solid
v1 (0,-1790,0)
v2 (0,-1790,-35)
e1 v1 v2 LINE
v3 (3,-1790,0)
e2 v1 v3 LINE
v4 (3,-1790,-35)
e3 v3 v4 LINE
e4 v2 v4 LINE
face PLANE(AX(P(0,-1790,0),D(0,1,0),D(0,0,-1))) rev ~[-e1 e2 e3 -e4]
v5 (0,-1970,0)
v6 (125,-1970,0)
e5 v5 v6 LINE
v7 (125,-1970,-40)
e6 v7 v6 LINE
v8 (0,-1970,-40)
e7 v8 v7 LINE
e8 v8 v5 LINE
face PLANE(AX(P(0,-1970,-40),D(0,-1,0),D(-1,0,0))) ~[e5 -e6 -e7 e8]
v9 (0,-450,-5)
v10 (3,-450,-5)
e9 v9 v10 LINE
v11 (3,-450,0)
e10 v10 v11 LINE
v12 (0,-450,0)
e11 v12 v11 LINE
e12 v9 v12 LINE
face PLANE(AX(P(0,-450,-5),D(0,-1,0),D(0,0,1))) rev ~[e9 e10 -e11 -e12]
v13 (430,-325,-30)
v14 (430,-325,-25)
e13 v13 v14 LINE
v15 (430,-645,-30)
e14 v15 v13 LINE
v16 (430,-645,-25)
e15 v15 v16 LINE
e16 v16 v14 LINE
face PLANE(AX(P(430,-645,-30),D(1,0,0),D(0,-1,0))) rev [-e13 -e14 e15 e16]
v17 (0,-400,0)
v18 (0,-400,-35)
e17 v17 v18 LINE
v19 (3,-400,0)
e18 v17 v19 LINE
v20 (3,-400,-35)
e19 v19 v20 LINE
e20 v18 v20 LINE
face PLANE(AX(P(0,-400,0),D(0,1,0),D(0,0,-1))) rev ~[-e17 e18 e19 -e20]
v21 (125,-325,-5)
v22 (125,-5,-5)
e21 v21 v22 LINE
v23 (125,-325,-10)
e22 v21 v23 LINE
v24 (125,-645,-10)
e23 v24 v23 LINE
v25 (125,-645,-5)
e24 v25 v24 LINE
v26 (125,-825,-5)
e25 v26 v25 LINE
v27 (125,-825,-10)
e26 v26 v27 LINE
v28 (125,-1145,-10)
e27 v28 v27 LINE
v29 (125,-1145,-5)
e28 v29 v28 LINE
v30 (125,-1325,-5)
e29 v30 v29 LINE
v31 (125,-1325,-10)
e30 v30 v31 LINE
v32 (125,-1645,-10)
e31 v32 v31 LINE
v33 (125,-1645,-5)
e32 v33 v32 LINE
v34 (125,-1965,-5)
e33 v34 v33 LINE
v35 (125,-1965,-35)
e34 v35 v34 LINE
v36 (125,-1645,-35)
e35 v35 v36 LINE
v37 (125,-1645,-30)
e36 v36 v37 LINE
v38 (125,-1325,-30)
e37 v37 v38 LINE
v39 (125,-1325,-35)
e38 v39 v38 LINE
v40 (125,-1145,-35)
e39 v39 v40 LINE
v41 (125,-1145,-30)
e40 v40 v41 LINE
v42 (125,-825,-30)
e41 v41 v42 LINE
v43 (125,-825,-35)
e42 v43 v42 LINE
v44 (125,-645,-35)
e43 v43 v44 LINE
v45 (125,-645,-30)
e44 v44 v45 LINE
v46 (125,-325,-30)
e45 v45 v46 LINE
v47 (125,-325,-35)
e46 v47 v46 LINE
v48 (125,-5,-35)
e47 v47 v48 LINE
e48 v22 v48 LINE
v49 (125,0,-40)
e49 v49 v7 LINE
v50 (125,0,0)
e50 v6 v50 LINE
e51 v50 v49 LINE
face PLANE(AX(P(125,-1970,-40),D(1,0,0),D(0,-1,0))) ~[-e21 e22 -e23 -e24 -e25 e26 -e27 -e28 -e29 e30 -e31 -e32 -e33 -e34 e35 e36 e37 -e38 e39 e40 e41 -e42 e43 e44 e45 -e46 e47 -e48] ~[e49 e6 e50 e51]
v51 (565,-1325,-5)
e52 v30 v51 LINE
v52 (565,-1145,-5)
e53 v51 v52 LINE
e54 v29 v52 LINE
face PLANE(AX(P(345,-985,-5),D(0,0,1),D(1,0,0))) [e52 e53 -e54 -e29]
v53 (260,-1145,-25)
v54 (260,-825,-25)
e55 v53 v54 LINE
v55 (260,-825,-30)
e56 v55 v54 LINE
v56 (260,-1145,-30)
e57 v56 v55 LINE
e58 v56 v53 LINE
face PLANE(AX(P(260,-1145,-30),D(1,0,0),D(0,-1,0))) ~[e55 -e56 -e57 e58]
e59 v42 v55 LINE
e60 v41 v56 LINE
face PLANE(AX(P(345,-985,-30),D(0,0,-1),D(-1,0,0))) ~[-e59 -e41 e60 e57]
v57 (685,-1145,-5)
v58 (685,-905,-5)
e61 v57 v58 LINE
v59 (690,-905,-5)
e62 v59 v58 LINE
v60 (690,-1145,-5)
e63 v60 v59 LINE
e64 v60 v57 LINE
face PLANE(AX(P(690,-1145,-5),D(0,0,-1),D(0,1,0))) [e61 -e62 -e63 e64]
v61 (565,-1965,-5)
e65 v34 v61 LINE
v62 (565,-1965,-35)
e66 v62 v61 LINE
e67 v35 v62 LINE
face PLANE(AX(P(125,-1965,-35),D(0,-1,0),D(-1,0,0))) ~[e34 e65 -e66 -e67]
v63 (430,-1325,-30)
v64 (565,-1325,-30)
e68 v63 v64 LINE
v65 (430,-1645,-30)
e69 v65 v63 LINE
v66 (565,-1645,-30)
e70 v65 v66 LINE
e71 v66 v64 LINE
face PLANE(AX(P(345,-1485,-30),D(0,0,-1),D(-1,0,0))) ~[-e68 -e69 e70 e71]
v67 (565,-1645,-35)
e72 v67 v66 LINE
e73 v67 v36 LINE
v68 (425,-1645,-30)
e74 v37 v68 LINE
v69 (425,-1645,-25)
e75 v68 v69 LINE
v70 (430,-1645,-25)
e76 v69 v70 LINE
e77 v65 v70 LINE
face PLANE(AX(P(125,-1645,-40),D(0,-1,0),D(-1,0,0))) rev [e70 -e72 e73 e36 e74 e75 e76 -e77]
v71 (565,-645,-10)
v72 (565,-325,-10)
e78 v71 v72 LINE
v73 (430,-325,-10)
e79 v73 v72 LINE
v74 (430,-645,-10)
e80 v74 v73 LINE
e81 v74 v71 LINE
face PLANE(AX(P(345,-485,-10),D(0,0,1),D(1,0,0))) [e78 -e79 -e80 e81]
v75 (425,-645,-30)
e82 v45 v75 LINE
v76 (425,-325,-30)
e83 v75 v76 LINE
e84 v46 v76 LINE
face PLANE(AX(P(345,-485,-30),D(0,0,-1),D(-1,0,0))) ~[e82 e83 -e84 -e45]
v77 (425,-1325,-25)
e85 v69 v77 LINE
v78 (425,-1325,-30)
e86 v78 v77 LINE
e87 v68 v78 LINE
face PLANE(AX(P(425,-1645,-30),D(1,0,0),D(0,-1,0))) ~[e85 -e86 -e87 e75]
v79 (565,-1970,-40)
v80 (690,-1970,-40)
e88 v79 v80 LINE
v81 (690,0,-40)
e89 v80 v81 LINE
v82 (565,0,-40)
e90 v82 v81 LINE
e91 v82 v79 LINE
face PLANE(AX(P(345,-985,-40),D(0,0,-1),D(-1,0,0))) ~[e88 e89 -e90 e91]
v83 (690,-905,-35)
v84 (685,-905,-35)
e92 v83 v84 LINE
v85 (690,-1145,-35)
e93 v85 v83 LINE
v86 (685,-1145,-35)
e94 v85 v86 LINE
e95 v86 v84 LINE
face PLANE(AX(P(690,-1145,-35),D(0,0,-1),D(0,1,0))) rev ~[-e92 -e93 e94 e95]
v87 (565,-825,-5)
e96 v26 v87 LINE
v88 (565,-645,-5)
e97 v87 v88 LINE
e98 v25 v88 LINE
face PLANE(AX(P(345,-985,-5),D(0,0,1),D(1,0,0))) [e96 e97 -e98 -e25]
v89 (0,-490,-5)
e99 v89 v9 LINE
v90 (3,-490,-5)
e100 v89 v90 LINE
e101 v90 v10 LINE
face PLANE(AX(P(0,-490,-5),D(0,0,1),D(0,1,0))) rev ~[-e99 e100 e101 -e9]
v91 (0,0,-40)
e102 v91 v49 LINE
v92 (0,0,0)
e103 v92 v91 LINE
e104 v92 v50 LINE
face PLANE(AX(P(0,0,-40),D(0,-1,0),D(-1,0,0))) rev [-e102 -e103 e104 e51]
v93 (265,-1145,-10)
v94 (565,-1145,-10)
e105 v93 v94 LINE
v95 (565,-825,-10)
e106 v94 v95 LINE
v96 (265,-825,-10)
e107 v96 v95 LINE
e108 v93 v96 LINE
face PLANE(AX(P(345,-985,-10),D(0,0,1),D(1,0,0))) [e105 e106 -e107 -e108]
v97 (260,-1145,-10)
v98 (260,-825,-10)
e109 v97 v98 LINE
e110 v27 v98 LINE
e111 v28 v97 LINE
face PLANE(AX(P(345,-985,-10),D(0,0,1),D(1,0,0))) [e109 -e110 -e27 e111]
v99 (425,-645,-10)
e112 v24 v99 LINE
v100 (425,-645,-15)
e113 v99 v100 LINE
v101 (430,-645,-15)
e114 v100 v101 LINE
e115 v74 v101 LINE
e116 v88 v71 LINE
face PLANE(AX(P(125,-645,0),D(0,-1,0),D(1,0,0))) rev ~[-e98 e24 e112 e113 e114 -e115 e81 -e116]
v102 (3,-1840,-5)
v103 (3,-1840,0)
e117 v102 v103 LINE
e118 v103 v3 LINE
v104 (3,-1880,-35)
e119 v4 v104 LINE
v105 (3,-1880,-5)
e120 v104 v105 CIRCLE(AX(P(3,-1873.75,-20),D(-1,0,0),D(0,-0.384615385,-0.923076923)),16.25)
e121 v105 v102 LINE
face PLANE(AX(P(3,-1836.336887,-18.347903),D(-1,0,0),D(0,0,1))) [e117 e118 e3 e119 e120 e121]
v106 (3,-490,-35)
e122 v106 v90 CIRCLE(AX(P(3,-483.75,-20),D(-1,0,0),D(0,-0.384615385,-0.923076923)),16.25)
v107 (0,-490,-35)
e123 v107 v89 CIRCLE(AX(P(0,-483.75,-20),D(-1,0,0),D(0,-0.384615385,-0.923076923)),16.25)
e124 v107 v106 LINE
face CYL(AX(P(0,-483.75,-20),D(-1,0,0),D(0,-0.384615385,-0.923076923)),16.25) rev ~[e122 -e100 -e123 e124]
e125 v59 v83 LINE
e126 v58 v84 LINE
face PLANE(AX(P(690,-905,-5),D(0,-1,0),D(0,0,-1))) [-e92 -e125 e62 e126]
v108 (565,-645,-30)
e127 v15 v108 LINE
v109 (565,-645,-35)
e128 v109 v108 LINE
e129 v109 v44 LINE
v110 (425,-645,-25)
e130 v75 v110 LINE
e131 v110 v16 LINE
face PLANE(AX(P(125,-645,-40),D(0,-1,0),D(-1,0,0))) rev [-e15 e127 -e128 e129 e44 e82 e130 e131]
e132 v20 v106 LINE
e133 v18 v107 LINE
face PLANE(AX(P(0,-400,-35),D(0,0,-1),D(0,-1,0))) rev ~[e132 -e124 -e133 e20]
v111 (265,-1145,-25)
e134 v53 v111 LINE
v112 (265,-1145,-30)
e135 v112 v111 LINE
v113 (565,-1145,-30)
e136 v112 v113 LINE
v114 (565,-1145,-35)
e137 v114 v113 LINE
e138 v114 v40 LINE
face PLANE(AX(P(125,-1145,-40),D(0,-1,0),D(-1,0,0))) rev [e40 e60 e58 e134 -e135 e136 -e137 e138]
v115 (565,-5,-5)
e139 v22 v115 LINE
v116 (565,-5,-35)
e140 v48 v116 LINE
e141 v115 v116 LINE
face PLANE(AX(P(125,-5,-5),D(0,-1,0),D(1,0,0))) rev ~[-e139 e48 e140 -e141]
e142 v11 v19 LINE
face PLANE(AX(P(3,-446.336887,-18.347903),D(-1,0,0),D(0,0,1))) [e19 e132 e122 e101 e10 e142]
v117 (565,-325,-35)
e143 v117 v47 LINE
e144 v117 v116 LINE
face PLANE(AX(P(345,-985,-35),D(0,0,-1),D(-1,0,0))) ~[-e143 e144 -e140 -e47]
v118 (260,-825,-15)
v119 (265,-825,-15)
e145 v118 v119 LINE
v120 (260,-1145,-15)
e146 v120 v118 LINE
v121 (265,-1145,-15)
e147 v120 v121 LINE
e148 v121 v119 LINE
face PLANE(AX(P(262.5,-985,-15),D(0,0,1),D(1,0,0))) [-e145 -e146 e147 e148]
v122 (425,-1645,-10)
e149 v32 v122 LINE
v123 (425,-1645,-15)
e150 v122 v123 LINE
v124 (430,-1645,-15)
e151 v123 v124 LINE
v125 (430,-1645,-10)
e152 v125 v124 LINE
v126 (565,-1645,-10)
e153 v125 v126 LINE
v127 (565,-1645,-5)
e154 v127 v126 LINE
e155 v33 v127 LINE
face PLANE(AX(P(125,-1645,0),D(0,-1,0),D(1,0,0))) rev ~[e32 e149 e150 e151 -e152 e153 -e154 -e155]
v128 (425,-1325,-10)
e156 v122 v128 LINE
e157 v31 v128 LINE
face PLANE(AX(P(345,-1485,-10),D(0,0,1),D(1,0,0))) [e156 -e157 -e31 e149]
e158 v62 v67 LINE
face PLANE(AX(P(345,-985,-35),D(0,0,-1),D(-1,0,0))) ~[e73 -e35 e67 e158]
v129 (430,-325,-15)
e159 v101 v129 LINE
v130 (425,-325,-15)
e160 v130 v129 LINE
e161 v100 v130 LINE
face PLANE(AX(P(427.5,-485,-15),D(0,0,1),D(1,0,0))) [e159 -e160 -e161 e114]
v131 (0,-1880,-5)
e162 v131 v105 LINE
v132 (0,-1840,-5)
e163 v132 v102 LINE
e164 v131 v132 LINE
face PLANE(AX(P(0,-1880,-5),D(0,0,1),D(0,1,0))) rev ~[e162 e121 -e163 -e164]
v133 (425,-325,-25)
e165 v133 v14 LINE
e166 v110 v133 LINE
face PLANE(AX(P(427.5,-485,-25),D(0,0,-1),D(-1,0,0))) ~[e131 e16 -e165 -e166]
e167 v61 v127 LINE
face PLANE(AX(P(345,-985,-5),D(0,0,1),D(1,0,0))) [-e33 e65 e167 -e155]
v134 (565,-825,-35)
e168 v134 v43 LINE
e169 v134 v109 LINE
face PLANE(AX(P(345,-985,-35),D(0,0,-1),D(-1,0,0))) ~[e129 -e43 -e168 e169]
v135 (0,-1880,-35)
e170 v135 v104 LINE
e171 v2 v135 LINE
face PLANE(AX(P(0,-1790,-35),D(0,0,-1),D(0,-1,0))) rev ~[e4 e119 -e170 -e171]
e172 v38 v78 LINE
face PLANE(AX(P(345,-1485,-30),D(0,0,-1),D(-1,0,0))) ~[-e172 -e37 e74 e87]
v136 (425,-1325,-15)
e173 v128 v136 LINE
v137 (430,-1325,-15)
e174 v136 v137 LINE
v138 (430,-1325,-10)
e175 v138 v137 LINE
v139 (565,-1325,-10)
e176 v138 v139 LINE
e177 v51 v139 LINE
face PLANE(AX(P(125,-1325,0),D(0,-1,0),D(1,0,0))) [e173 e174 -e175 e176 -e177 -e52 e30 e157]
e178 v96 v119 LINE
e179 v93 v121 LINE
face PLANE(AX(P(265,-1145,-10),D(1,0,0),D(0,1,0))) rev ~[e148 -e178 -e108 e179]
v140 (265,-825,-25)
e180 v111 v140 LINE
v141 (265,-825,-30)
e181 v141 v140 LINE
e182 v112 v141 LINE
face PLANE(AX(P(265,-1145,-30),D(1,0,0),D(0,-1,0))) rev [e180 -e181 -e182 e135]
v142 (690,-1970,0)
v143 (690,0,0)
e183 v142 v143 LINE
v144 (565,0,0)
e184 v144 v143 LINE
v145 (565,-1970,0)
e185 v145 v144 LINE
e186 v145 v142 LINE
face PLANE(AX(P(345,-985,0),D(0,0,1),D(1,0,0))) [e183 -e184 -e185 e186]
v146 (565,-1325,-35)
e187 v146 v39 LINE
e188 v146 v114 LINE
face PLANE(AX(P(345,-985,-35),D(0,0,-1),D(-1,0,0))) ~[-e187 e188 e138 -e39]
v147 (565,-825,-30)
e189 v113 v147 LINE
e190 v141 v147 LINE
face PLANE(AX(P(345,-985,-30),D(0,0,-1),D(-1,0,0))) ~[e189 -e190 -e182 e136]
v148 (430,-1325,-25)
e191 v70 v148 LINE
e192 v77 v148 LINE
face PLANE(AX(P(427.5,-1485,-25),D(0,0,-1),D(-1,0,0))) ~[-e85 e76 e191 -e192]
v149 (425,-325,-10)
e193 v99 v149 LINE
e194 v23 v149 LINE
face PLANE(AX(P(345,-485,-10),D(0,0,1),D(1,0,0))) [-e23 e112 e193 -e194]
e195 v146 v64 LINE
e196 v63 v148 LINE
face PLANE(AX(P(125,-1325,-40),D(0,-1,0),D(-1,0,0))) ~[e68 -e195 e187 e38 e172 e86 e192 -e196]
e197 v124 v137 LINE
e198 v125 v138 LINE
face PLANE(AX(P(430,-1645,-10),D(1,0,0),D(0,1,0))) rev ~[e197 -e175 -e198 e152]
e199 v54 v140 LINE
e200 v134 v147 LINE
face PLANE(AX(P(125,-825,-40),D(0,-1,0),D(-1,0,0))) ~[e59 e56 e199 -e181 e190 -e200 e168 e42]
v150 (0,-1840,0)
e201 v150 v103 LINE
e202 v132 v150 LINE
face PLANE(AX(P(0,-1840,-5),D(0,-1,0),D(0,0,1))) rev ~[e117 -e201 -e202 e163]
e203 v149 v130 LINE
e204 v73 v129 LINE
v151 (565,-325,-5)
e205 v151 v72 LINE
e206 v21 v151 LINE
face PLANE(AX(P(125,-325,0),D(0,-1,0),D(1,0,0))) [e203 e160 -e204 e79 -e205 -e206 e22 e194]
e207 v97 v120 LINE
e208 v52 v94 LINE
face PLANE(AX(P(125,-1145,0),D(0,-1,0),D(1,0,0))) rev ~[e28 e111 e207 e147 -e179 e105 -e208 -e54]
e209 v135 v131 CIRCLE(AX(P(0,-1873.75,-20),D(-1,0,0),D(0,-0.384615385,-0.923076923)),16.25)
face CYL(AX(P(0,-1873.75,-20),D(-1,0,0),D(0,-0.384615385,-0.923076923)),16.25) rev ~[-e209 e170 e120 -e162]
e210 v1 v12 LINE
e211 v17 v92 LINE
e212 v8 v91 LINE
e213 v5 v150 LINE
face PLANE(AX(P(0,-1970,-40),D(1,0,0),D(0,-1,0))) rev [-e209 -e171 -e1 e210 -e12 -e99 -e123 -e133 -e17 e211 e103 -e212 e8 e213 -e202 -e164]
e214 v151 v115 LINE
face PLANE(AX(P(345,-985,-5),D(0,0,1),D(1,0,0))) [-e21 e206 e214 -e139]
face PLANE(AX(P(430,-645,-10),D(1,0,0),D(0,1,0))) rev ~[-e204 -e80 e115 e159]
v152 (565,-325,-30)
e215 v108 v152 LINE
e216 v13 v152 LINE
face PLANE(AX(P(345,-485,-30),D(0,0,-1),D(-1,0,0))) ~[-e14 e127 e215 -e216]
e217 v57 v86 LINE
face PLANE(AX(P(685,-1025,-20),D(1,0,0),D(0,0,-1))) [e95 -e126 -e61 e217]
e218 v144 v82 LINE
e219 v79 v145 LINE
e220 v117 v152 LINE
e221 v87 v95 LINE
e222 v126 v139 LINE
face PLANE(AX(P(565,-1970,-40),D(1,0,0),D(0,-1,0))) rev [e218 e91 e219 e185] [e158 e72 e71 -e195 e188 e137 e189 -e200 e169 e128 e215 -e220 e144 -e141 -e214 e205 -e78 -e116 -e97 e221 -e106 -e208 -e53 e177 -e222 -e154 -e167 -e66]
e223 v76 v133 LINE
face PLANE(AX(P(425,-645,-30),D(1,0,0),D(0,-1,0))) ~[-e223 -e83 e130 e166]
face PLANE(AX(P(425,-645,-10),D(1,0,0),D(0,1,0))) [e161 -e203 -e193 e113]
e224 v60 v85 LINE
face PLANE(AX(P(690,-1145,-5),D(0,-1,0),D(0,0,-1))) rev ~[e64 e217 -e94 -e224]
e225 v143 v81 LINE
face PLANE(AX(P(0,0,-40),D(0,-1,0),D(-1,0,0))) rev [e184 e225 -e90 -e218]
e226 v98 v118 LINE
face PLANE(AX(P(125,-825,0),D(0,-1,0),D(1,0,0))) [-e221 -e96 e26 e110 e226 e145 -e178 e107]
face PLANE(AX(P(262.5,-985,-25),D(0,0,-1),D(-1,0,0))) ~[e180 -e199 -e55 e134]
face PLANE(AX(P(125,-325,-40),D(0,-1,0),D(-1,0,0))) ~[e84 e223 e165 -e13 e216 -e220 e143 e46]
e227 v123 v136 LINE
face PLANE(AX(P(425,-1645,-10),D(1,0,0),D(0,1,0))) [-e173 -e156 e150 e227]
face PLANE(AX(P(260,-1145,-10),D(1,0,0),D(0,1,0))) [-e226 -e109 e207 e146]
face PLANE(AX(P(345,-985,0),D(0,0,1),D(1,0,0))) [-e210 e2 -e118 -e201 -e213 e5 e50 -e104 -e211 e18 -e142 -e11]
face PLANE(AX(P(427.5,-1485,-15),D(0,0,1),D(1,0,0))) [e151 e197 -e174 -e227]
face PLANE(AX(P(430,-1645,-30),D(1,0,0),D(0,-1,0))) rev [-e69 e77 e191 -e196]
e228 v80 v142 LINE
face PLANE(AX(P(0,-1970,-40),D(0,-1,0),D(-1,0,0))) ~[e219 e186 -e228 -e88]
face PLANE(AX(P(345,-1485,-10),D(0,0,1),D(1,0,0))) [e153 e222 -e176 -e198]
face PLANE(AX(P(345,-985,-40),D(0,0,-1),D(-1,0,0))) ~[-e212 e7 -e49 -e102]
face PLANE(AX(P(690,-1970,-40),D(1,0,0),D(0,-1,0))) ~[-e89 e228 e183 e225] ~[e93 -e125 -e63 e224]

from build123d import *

# Parameters (mm, degrees)
SKETCH3_W           = 690
SKETCH3_H           = 1970
BOSS_EXTRUDE2_DEPTH = 20
SKETCH4_W           = 440
SKETCH4_H           = 1970
CUT_EXTRUDE1_DEPTH  = 5
SKETCH5_W           = 440
SKETCH5_H           = 5
CUT_EXTRUDE2_DEPTH  = 16
SKETCH6_W           = 440
SKETCH6_H           = 320
CUT_EXTRUDE8_DEPTH  = 10
SKETCH7_W           = 5
SKETCH7_H           = 320
CUT_EXTRUDE9_DEPTH  = 5
SKETCH8_W           = 30
SKETCH8_H           = 240
CUT_EXTRUDE10_DEPTH = 5
CUT_EXTRUDE11_DEPTH = 3


with BuildPart() as part:
    # Sketch3 → Boss-Extrude2 (new body)
    with BuildSketch(Plane.XY):
        with Locations((345, -985)):
            Rectangle(SKETCH3_W, SKETCH3_H)
    boss_extrude2 = extrude(amount=-BOSS_EXTRUDE2_DEPTH)

    # Sketch4 → Cut-Extrude1 (cut)
    with BuildSketch(Plane.XY):
        with Locations((345, -985)):
            Rectangle(SKETCH4_W, SKETCH4_H)
    cut_extrude1 = extrude(amount=-CUT_EXTRUDE1_DEPTH, mode=Mode.SUBTRACT)

    # Sketch5 → Cut-Extrude2 (cut, through all)
    with BuildSketch(Plane.XY.offset(-5)):
        with Locations((345, -2.5)):
            Rectangle(SKETCH5_W, SKETCH5_H)
        with Locations((345, -1967.5)):
            Rectangle(SKETCH5_W, SKETCH5_H)
    cut_extrude2 = extrude(amount=-CUT_EXTRUDE2_DEPTH, mode=Mode.SUBTRACT)

    # Sketch6 → Cut-Extrude8 (cut)
    with BuildSketch(Plane.XY):
        with Locations((345, -485)):
            Rectangle(SKETCH6_W, SKETCH6_H)
        with Locations((345, -985)):
            Rectangle(SKETCH6_W, SKETCH6_H)
        with Locations((345, -1485)):
            Rectangle(SKETCH6_W, SKETCH6_H)
    cut_extrude8 = extrude(amount=-CUT_EXTRUDE8_DEPTH, mode=Mode.SUBTRACT)

    # Sketch7 → Cut-Extrude9 (cut)
    with BuildSketch(Plane.XY.offset(-10)):
        with Locations((427.5, -485)):
            Rectangle(SKETCH7_W, SKETCH7_H)
        with Locations((262.5, -985)):
            Rectangle(SKETCH7_W, SKETCH7_H)
        with Locations((427.5, -1485)):
            Rectangle(SKETCH7_W, SKETCH7_H)
    cut_extrude9 = extrude(amount=-CUT_EXTRUDE9_DEPTH, mode=Mode.SUBTRACT)

    # Mirror1: Boss-Extrude2, Cut-Extrude1, Cut-Extrude2, Cut-Extrude8, Cut-Extrude9 across plane
    add(boss_extrude2.mirror(Plane.XY.offset(-20)))
    add(cut_extrude1.mirror(Plane.XY.offset(-20)), mode=Mode.SUBTRACT)
    add(cut_extrude2.mirror(Plane.XY.offset(-20)), mode=Mode.SUBTRACT)
    add(cut_extrude8.mirror(Plane.XY.offset(-20)), mode=Mode.SUBTRACT)
    add(cut_extrude9.mirror(Plane.XY.offset(-20)), mode=Mode.SUBTRACT)

    # Sketch8 → Cut-Extrude10 (cut)
    with BuildSketch(Plane(origin=(690, 0, 0), x_dir=(0, 0, -1), z_dir=(1, 0, 0))):
        with Locations((20, -1025)):
            Rectangle(SKETCH8_W, SKETCH8_H)
    extrude(amount=-CUT_EXTRUDE10_DEPTH, mode=Mode.SUBTRACT)

    # Sketch9 → Cut-Extrude11 (cut)
    with BuildSketch(Plane.ZY):
        with BuildLine():
            Line((-35, -400), (-35, -490))
            ThreePointArc((-35, -490), (-20, -500), (-5, -490))
            Line((-5, -490), (-5, -450))
            Line((-5, -450), (0, -450))
            Line((0, -450), (0, -400))
            Line((0, -400), (-35, -400))
        make_face()
        with BuildLine():
            Line((-35, -1790), (-35, -1880))
            ThreePointArc((-35, -1880), (-20, -1890), (-5, -1880))
            Line((-5, -1880), (-5, -1840))
            Line((-5, -1840), (0, -1840))
            Line((0, -1840), (0, -1790))
            Line((0, -1790), (-35, -1790))
        make_face()
    extrude(amount=-CUT_EXTRUDE11_DEPTH, mode=Mode.SUBTRACT)


solid = part.part
